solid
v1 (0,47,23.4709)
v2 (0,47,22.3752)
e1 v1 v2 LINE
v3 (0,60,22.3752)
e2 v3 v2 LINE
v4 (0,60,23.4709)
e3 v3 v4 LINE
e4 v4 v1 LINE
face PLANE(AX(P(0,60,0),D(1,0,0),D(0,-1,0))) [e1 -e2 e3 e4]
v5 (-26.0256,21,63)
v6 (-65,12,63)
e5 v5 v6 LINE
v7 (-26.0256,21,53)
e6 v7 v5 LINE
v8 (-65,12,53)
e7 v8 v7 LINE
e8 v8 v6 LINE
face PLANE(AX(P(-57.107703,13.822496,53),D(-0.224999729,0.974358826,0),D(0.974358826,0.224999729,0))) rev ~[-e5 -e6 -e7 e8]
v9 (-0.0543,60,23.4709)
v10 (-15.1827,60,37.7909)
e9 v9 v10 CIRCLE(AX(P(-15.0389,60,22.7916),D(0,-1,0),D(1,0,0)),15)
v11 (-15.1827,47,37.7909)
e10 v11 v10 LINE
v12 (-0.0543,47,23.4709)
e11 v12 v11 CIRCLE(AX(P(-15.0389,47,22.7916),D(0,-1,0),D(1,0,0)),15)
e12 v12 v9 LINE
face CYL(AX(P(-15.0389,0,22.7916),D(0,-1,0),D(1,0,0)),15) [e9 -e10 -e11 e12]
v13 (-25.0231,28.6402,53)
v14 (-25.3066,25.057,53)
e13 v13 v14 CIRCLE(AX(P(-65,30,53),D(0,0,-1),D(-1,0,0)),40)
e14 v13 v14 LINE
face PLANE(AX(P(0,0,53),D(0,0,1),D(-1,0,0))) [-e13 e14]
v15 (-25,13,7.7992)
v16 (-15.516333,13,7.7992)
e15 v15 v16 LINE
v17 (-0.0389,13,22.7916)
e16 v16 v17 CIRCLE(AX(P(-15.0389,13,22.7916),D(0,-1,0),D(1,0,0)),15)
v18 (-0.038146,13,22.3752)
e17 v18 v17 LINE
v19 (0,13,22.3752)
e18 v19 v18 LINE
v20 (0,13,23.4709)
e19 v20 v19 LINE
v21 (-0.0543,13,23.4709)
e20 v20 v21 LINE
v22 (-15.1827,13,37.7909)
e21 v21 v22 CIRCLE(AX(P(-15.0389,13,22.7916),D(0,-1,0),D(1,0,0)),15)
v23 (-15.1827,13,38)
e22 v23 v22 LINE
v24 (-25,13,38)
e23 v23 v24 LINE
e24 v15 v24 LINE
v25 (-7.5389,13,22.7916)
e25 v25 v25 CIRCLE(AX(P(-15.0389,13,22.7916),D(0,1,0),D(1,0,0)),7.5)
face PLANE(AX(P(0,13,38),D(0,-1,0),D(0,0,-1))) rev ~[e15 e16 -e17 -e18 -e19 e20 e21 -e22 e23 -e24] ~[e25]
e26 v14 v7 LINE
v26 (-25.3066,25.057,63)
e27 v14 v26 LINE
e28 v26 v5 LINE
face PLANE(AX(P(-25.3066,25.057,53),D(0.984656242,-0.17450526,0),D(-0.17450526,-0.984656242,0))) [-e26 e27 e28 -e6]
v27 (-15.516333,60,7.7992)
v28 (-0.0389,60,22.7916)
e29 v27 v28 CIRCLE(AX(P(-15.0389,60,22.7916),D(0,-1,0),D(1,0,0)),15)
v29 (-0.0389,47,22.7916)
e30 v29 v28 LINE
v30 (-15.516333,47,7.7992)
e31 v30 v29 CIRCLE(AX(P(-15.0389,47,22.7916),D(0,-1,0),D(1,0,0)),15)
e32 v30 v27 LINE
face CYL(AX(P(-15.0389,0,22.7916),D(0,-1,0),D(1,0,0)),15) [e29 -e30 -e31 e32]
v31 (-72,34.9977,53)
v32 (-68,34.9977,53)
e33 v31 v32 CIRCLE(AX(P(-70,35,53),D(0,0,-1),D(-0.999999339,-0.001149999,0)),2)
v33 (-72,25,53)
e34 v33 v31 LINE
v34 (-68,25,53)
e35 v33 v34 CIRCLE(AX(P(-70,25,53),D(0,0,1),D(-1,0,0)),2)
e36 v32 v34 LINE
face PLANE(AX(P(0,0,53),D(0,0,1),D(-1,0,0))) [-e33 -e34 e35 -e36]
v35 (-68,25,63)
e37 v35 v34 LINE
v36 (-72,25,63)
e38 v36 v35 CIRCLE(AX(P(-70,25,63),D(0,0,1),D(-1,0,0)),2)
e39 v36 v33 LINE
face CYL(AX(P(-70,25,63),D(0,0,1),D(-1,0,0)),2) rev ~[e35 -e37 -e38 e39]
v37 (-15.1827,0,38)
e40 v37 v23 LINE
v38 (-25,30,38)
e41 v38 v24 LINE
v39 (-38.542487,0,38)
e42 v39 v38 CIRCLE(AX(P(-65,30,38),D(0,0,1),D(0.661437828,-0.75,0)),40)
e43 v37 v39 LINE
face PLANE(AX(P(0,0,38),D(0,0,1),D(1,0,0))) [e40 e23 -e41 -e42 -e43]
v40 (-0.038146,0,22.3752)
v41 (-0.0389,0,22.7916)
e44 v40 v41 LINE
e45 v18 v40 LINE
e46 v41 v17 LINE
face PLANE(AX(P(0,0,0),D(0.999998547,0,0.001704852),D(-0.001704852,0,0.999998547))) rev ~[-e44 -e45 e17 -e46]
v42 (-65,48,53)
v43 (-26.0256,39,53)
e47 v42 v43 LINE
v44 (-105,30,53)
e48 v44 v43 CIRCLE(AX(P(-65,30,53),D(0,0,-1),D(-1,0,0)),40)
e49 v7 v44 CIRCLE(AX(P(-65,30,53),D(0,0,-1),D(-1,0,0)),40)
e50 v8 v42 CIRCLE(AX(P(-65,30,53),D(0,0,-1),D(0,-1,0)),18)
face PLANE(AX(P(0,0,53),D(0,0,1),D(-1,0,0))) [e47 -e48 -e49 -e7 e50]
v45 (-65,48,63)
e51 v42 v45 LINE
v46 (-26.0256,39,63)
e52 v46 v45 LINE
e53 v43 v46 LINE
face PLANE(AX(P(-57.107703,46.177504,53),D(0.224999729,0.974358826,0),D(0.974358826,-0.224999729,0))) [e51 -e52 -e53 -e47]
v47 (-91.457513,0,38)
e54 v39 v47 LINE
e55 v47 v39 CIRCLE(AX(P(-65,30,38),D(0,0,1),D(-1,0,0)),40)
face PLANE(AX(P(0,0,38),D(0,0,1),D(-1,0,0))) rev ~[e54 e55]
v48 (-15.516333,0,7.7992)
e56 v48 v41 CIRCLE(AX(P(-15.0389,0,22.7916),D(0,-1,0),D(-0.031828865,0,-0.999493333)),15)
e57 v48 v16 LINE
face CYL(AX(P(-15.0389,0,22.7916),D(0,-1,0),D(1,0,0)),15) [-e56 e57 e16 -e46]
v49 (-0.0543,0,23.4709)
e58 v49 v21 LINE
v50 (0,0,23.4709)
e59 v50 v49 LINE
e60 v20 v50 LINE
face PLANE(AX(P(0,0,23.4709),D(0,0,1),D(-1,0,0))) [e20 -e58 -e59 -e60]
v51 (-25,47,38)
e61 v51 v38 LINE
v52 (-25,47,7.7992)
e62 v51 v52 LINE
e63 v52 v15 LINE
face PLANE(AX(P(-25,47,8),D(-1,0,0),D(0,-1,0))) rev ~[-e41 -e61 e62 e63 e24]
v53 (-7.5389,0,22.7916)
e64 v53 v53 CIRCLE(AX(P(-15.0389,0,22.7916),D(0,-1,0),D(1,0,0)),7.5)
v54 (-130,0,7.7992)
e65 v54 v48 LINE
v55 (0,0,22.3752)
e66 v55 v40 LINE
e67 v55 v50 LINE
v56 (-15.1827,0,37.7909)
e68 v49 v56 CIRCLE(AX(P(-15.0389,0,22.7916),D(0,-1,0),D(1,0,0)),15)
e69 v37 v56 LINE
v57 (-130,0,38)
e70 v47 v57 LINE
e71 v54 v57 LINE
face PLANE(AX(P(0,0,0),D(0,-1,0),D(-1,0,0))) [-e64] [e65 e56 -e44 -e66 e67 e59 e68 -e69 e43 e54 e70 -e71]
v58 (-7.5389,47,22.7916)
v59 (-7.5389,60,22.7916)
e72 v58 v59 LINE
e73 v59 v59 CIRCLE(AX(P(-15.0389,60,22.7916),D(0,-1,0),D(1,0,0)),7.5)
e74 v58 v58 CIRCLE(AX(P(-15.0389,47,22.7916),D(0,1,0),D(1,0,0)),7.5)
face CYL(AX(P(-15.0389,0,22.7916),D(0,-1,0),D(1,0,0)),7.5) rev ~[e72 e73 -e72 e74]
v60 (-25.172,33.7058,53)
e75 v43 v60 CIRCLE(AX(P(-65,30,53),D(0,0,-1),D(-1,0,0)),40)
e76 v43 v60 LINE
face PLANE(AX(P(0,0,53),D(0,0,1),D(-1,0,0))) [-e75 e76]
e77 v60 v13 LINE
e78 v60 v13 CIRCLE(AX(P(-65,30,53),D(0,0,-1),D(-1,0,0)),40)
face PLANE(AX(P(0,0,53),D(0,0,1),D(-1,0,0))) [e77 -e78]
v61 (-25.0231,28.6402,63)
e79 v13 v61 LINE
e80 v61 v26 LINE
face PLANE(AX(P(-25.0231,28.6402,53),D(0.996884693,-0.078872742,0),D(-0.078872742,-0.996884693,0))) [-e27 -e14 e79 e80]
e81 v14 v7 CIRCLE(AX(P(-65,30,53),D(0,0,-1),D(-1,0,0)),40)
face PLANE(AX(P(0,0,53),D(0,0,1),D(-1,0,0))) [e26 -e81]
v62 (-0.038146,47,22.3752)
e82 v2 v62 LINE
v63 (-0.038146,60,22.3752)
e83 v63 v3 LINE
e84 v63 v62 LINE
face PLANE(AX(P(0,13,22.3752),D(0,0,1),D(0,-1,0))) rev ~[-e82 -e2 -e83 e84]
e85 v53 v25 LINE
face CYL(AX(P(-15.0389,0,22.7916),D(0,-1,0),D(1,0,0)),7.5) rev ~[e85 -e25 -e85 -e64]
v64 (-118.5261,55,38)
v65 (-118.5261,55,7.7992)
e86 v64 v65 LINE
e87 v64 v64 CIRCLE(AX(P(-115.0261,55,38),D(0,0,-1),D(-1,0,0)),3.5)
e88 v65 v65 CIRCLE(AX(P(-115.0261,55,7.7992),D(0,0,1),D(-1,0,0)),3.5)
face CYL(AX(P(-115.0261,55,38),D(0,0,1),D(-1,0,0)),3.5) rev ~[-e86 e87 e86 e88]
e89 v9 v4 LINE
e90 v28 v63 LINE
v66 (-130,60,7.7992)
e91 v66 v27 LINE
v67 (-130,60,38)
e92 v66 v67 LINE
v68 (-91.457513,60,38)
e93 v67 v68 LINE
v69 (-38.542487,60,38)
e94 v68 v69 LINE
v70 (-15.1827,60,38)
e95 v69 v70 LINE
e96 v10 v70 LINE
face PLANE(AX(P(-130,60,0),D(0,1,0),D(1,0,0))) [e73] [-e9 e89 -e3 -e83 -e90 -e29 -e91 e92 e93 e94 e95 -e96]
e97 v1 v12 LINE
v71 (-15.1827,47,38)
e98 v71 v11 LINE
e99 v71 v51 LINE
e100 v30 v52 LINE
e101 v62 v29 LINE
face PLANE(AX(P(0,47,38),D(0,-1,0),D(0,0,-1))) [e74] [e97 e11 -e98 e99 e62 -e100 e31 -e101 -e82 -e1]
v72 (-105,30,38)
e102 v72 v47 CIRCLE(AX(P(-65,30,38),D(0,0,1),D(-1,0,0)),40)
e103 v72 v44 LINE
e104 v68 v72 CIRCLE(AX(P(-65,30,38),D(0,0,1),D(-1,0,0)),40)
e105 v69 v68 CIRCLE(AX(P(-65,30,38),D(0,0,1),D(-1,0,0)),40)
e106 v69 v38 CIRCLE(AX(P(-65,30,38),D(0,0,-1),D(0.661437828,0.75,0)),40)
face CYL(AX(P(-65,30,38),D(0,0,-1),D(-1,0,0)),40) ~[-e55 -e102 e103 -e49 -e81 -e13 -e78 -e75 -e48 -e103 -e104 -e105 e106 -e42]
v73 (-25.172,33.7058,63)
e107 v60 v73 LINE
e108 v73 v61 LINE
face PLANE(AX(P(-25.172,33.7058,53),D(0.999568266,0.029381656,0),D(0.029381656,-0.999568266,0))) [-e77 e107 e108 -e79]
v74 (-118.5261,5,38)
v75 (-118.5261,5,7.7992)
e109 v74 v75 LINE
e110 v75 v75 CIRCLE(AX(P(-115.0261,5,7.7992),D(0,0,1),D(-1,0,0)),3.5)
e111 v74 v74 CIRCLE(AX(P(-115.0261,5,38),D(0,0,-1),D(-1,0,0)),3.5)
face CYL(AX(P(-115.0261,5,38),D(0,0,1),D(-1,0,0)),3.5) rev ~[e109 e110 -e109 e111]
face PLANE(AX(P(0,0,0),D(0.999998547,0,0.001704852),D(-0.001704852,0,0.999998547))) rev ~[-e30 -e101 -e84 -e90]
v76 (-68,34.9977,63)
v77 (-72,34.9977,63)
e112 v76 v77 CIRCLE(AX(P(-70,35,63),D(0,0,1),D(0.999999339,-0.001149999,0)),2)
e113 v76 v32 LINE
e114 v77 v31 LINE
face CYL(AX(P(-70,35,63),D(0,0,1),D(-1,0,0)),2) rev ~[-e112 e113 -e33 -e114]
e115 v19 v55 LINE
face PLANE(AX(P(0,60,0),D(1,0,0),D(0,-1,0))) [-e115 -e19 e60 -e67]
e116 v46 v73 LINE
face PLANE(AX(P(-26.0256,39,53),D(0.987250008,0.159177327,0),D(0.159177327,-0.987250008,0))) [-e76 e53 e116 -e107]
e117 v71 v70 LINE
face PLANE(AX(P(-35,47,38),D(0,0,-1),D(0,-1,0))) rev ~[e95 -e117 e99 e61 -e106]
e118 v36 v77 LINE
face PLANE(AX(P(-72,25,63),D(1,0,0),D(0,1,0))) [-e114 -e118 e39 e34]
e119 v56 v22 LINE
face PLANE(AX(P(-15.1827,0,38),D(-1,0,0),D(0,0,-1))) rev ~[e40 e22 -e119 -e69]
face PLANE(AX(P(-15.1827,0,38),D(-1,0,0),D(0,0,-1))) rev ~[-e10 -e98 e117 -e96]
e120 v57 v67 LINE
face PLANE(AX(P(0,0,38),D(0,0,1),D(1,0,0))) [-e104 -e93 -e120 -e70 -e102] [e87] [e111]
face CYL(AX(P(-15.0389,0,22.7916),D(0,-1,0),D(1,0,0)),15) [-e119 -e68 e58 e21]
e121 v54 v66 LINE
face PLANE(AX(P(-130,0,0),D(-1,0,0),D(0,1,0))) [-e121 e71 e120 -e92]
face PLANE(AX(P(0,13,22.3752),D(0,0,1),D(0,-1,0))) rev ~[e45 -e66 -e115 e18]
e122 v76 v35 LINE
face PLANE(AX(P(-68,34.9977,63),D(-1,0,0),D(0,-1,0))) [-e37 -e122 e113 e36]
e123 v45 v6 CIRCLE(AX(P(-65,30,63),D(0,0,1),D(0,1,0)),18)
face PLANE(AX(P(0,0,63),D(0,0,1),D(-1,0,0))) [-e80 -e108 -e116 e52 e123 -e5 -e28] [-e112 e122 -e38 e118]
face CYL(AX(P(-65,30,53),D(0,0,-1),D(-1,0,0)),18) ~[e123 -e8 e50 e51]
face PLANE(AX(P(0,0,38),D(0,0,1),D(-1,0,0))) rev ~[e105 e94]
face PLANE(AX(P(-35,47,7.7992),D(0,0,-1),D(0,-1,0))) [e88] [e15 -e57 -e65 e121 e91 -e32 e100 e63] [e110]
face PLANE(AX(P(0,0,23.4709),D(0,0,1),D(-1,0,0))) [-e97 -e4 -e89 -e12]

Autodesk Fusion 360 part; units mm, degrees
sketch "Sketch1" plane through (0, 0, 0) normal (0, 0, 1) x (1, 0, 0)
  line L0 (0, 0) -> (-130, 0)
  line L1 (-130, 0) -> (-130, 60)
  line L2 (-130, 60) -> (0, 60)
  line L3 (0, 60) -> (0, 0)
  dimension "d1" = 130
  dimension "d2" = 60
extrude "Extrude1" add sketch "Sketch1" along normal blind 38
sketch "Sketch2" plane through (0, 0, 0) normal (1, 0, 0) x (0, 1, 0)
  line L0 (0, 0) -> (60, 0)
  line L1 (60, 0) -> (60, 38)
  line L2 (60, 38) -> (0, 38)
  line L3 (0, 38) -> (0, 0)
  line L4 (30, 38) -> (13, 38)
  line L5 (30, 38) -> (47, 38)
  line L6 (13, 38) -> (13, 0)
  line L7 (13, 0) -> (45, 0)
  line L8 (45, 0) -> (47, 0)
  line L9 (47, 38) -> (47, 0)
  dimension "d5" = 17
  dimension "d6" = 17
  dimension "d7" = 2
extrude "Extrude2" cut sketch "Sketch2" against normal blind 20 contours L0 L2 L4 L5 L6 L7 L8 L9
sketch "Sketch3" plane through (0, 0, 38) normal (0, 0, 1) x (-1, 0, 0)
  line L0 (20, -47) -> (0, -47)
  line L1 (0, -47) -> (0, -60)
  line L2 (0, -60) -> (130, -60)
  line L3 (130, -60) -> (130, 0)
  line L4 (130, 0) -> (0, 0)
  line L5 (0, 0) -> (0, -13)
  line L6 (0, -13) -> (20, -13)
  line L7 (20, -13) -> (20, -47)
  line L8 (130, -30) -> (0, -30)
  line L9 (65, -60) -> (65, 0)
  circle A0 centre (65, -30) radius 40
  dimension "d10" = 80
extrude "Extrude3" add sketch "Sketch3" along normal blind 15 contours L4 L8 L9 A0 | L2 L8 L9 A0 | L2 A0 | L4 L8 L9 A0 | L2 L8 L9 A0 | L4 A0
sketch "Sketch4" plane through (0, 0, 0) normal (0, -1, 0) x (1, 0, 0)
  line L0 (-130, 0) -> (0, 0)
  line L1 (0, 0) -> (0, 38)
  line L2 (0, 38) -> (-38.5425, 38)
  line L3 (-38.5425, 38) -> (-91.4575, 38)
  line L4 (-91.4575, 38) -> (-130, 38)
  line L5 (-130, 38) -> (-130, 0)
  circle A0 centre (-15.0389, 22.7916) radius 7.5
  circle A1 centre (-15.0389, 22.7916) radius 15
  line L6 (-14.5606, 7.7992) -> (-51.278, 7.7992)
  line L7 (-51.278, 7.7992) -> (-130, 7.7992)
  line L8 (-130, 7.7992) -> (-130, 0)
  line L9 (-130, 0) -> (0, 0)
  line L10 (0, 0) -> (-0.0389, 22.8172)
  dimension "d13" = 15
  dimension "d14" = 30
extrude "Extrude4" cut sketch "Sketch4" against normal blind 85 contours L0 L5 A1 L6 L7 L8 L9 L10 | A0
sketch "Sketch5" plane through (0, 0, 0) normal (1, 0, 0) x (0, 1, 0)
  line L0 (13, 0) -> (13, 38)
  line L1 (13, 38) -> (0, 38)
  line L2 (0, 38) -> (0, 0)
  line L3 (0, 0) -> (13, 0)
  line L4 (0, 0) -> (62.2368, 0)
  line L5 (62.2368, 0) -> (62.2368, 22.3752)
  line L6 (62.2368, 22.3752) -> (0, 22.3752)
  line L7 (0, 22.3752) -> (0, 0)
extrude "Extrude5" cut sketch "Sketch5" against normal blind 0.04 contours L0 L2 L3 L4 L6 L7 | L0 L4 L5 L6
sketch "Sketch6" plane through (-20, 0, 0) normal (1, 0, 0) x (0, 1, 0)
  line L0 (13, 28.4163) -> (47, 28.4163)
  line L1 (47, 28.4163) -> (47, 38)
  line L2 (47, 38) -> (13, 38)
  line L3 (13, 38) -> (13, 28.4163)
  line L4 (13, 38) -> (47, 38)
  line L5 (47, 38) -> (47, 8)
  line L6 (47, 8) -> (13, 8)
  line L7 (13, 8) -> (13, 38)
extrude "Extrude6" cut sketch "Sketch6" against normal blind 15
sketch "Sketch7" plane through (0, 0, 8) normal (0, 0, 1) x (-1, 0, 0)
  line L0 (20, -13) -> (20, -47)
  line L1 (20, -47) -> (35, -47)
  line L2 (35, -47) -> (35, -13)
  line L3 (35, -13) -> (20, -13)
extrude "Extrude7" cut sketch "Sketch7" against normal blind 20
extrude "Extrude8" add 1 faces at (-35, 24.3333, 24.7385) along direction (1, 0, 0) blind 10
sketch "Sketch8" plane through (0, 0, 38) normal (0, 0, 1) x (-1, 0, 0)
  arc A0 (91.4575, -60) -> (91.4575, 0) centre (65, -30) ccw
  line L0 (91.4575, -60) -> (130, -60)
  line L1 (130, -60) -> (130, 0)
  line L2 (130, 0) -> (91.4575, 0)
  line L3 (130, -30) -> (113, -30)
  line L4 (113, -30) -> (105, -30)
  line L5 (115.0261, -30) -> (115.0261, -55)
  line L6 (115.0261, -30) -> (115.0261, -5)
  circle A1 centre (115.0261, -5) radius 3.5
  circle A2 centre (115.0261, -55) radius 3.5
  dimension "d25" = 25
  dimension "d26" = 25
  dimension "d27" = 7
  dimension "d28" = 7
extrude "Extrude9" cut sketch "Sketch8" against normal blind 80 contours A2 | A1
sketch "Sketch9" plane through (0, 0, 0) normal (0, -1, 0) x (1, 0, 0)
  line L0 (-0.0382, 22.3752) -> (0, 22.3752)
  line L1 (0, 22.3752) -> (0, 38)
  line L2 (0, 38) -> (-38.5425, 38)
  line L3 (-38.5425, 38) -> (-91.4575, 38)
  line L4 (-91.4575, 38) -> (-130, 38)
  line L5 (-130, 38) -> (-130, 7.7992)
  line L6 (-130, 7.7992) -> (-15.5172, 7.7992)
  arc A0 (-15.5172, 7.7992) -> (-0.0389, 22.8172) centre (-15.0389, 22.7916) ccw
  line L7 (-0.0389, 22.8172) -> (-0.0382, 22.3752)
  circle A1 centre (-15.0389, 22.7916) radius 7.5
  circle A2 centre (-15.0389, 22.7916) radius 15
  line L8 (-15.1827, 38) -> (0, 40)
  line L9 (0, 40) -> (2, 37)
  line L10 (2, 37) -> (2, 23.4709)
  line L11 (2, 23.4709) -> (-0.0543, 23.4709)
  line L12 (-15.1827, 38) -> (-15.1827, 37.7909)
  dimension "d31" = 30
extrude "Extrude10" cut sketch "Sketch9" against normal blind 75 contours L1 L2 A2 L11 L12 | L1 L2 L8 L9 L10 L11
sketch "Sketch10" plane through (0, 0, 53) normal (0, 0, 1) x (-1, 0, 0)
  circle A0 centre (65, -30) radius 40
  circle A1 centre (65, -30) radius 18
  line L0 (65, -30) -> (65, -48)
  line L1 (65, -30) -> (65, -12)
  line L2 (65, -12) -> (65, -21)
  line L3 (65, -12) -> (65, -21)
  line L4 (65, -12) -> (26.0256, -21)
  line L5 (65, -48) -> (65, -39)
  line L6 (65, -48) -> (26.0256, -39)
  line L7 (26.0256, -39) -> (25.172, -33.7058)
  line L8 (25.172, -33.7058) -> (25.0231, -28.6402)
  line L9 (25.0231, -28.6402) -> (25.3066, -25.057)
  line L10 (25.3066, -25.057) -> (26.0256, -21)
  dimension "d34" = 36
extrude "Extrude11" add sketch "Sketch10" along normal blind 10 contours A1 L4 L6 L7 L8 L9 L10 | A1 L0 L1 L2 L3 L4 L5 L6 | A1 L0 L1 L2 L3 L5
sketch "Sketch11" plane through (0, 0, 63) normal (0, 0, 1) x (-1, 0, 0)
  arc A0 (65, -48) -> (65, -12) centre (65, -30) ccw
  line L0 (65, -12) -> (26.0256, -21)
  line L1 (26.0256, -21) -> (25.3066, -25.057)
  line L2 (25.3066, -25.057) -> (25.0231, -28.6402)
  line L3 (25.0231, -28.6402) -> (25.172, -33.7058)
  line L4 (25.172, -33.7058) -> (26.0256, -39)
  line L5 (26.0256, -39) -> (65, -48)
  circle A1 centre (70, -25) radius 2
  circle A2 centre (70, -35) radius 2
  line L6 (68, -25) -> (72, -25)
  line L7 (72, -25) -> (72, -34.9977)
  line L8 (72, -34.9977) -> (68, -34.9977)
  line L9 (68, -34.9977) -> (68, -25)
  dimension "d37" = 4
extrude "Extrude12" cut sketch "Sketch11" against normal blind 10 contours A1 L6 | A1 A2 L7 L9 | A1 L6 | A2 L8 | A2 L8
